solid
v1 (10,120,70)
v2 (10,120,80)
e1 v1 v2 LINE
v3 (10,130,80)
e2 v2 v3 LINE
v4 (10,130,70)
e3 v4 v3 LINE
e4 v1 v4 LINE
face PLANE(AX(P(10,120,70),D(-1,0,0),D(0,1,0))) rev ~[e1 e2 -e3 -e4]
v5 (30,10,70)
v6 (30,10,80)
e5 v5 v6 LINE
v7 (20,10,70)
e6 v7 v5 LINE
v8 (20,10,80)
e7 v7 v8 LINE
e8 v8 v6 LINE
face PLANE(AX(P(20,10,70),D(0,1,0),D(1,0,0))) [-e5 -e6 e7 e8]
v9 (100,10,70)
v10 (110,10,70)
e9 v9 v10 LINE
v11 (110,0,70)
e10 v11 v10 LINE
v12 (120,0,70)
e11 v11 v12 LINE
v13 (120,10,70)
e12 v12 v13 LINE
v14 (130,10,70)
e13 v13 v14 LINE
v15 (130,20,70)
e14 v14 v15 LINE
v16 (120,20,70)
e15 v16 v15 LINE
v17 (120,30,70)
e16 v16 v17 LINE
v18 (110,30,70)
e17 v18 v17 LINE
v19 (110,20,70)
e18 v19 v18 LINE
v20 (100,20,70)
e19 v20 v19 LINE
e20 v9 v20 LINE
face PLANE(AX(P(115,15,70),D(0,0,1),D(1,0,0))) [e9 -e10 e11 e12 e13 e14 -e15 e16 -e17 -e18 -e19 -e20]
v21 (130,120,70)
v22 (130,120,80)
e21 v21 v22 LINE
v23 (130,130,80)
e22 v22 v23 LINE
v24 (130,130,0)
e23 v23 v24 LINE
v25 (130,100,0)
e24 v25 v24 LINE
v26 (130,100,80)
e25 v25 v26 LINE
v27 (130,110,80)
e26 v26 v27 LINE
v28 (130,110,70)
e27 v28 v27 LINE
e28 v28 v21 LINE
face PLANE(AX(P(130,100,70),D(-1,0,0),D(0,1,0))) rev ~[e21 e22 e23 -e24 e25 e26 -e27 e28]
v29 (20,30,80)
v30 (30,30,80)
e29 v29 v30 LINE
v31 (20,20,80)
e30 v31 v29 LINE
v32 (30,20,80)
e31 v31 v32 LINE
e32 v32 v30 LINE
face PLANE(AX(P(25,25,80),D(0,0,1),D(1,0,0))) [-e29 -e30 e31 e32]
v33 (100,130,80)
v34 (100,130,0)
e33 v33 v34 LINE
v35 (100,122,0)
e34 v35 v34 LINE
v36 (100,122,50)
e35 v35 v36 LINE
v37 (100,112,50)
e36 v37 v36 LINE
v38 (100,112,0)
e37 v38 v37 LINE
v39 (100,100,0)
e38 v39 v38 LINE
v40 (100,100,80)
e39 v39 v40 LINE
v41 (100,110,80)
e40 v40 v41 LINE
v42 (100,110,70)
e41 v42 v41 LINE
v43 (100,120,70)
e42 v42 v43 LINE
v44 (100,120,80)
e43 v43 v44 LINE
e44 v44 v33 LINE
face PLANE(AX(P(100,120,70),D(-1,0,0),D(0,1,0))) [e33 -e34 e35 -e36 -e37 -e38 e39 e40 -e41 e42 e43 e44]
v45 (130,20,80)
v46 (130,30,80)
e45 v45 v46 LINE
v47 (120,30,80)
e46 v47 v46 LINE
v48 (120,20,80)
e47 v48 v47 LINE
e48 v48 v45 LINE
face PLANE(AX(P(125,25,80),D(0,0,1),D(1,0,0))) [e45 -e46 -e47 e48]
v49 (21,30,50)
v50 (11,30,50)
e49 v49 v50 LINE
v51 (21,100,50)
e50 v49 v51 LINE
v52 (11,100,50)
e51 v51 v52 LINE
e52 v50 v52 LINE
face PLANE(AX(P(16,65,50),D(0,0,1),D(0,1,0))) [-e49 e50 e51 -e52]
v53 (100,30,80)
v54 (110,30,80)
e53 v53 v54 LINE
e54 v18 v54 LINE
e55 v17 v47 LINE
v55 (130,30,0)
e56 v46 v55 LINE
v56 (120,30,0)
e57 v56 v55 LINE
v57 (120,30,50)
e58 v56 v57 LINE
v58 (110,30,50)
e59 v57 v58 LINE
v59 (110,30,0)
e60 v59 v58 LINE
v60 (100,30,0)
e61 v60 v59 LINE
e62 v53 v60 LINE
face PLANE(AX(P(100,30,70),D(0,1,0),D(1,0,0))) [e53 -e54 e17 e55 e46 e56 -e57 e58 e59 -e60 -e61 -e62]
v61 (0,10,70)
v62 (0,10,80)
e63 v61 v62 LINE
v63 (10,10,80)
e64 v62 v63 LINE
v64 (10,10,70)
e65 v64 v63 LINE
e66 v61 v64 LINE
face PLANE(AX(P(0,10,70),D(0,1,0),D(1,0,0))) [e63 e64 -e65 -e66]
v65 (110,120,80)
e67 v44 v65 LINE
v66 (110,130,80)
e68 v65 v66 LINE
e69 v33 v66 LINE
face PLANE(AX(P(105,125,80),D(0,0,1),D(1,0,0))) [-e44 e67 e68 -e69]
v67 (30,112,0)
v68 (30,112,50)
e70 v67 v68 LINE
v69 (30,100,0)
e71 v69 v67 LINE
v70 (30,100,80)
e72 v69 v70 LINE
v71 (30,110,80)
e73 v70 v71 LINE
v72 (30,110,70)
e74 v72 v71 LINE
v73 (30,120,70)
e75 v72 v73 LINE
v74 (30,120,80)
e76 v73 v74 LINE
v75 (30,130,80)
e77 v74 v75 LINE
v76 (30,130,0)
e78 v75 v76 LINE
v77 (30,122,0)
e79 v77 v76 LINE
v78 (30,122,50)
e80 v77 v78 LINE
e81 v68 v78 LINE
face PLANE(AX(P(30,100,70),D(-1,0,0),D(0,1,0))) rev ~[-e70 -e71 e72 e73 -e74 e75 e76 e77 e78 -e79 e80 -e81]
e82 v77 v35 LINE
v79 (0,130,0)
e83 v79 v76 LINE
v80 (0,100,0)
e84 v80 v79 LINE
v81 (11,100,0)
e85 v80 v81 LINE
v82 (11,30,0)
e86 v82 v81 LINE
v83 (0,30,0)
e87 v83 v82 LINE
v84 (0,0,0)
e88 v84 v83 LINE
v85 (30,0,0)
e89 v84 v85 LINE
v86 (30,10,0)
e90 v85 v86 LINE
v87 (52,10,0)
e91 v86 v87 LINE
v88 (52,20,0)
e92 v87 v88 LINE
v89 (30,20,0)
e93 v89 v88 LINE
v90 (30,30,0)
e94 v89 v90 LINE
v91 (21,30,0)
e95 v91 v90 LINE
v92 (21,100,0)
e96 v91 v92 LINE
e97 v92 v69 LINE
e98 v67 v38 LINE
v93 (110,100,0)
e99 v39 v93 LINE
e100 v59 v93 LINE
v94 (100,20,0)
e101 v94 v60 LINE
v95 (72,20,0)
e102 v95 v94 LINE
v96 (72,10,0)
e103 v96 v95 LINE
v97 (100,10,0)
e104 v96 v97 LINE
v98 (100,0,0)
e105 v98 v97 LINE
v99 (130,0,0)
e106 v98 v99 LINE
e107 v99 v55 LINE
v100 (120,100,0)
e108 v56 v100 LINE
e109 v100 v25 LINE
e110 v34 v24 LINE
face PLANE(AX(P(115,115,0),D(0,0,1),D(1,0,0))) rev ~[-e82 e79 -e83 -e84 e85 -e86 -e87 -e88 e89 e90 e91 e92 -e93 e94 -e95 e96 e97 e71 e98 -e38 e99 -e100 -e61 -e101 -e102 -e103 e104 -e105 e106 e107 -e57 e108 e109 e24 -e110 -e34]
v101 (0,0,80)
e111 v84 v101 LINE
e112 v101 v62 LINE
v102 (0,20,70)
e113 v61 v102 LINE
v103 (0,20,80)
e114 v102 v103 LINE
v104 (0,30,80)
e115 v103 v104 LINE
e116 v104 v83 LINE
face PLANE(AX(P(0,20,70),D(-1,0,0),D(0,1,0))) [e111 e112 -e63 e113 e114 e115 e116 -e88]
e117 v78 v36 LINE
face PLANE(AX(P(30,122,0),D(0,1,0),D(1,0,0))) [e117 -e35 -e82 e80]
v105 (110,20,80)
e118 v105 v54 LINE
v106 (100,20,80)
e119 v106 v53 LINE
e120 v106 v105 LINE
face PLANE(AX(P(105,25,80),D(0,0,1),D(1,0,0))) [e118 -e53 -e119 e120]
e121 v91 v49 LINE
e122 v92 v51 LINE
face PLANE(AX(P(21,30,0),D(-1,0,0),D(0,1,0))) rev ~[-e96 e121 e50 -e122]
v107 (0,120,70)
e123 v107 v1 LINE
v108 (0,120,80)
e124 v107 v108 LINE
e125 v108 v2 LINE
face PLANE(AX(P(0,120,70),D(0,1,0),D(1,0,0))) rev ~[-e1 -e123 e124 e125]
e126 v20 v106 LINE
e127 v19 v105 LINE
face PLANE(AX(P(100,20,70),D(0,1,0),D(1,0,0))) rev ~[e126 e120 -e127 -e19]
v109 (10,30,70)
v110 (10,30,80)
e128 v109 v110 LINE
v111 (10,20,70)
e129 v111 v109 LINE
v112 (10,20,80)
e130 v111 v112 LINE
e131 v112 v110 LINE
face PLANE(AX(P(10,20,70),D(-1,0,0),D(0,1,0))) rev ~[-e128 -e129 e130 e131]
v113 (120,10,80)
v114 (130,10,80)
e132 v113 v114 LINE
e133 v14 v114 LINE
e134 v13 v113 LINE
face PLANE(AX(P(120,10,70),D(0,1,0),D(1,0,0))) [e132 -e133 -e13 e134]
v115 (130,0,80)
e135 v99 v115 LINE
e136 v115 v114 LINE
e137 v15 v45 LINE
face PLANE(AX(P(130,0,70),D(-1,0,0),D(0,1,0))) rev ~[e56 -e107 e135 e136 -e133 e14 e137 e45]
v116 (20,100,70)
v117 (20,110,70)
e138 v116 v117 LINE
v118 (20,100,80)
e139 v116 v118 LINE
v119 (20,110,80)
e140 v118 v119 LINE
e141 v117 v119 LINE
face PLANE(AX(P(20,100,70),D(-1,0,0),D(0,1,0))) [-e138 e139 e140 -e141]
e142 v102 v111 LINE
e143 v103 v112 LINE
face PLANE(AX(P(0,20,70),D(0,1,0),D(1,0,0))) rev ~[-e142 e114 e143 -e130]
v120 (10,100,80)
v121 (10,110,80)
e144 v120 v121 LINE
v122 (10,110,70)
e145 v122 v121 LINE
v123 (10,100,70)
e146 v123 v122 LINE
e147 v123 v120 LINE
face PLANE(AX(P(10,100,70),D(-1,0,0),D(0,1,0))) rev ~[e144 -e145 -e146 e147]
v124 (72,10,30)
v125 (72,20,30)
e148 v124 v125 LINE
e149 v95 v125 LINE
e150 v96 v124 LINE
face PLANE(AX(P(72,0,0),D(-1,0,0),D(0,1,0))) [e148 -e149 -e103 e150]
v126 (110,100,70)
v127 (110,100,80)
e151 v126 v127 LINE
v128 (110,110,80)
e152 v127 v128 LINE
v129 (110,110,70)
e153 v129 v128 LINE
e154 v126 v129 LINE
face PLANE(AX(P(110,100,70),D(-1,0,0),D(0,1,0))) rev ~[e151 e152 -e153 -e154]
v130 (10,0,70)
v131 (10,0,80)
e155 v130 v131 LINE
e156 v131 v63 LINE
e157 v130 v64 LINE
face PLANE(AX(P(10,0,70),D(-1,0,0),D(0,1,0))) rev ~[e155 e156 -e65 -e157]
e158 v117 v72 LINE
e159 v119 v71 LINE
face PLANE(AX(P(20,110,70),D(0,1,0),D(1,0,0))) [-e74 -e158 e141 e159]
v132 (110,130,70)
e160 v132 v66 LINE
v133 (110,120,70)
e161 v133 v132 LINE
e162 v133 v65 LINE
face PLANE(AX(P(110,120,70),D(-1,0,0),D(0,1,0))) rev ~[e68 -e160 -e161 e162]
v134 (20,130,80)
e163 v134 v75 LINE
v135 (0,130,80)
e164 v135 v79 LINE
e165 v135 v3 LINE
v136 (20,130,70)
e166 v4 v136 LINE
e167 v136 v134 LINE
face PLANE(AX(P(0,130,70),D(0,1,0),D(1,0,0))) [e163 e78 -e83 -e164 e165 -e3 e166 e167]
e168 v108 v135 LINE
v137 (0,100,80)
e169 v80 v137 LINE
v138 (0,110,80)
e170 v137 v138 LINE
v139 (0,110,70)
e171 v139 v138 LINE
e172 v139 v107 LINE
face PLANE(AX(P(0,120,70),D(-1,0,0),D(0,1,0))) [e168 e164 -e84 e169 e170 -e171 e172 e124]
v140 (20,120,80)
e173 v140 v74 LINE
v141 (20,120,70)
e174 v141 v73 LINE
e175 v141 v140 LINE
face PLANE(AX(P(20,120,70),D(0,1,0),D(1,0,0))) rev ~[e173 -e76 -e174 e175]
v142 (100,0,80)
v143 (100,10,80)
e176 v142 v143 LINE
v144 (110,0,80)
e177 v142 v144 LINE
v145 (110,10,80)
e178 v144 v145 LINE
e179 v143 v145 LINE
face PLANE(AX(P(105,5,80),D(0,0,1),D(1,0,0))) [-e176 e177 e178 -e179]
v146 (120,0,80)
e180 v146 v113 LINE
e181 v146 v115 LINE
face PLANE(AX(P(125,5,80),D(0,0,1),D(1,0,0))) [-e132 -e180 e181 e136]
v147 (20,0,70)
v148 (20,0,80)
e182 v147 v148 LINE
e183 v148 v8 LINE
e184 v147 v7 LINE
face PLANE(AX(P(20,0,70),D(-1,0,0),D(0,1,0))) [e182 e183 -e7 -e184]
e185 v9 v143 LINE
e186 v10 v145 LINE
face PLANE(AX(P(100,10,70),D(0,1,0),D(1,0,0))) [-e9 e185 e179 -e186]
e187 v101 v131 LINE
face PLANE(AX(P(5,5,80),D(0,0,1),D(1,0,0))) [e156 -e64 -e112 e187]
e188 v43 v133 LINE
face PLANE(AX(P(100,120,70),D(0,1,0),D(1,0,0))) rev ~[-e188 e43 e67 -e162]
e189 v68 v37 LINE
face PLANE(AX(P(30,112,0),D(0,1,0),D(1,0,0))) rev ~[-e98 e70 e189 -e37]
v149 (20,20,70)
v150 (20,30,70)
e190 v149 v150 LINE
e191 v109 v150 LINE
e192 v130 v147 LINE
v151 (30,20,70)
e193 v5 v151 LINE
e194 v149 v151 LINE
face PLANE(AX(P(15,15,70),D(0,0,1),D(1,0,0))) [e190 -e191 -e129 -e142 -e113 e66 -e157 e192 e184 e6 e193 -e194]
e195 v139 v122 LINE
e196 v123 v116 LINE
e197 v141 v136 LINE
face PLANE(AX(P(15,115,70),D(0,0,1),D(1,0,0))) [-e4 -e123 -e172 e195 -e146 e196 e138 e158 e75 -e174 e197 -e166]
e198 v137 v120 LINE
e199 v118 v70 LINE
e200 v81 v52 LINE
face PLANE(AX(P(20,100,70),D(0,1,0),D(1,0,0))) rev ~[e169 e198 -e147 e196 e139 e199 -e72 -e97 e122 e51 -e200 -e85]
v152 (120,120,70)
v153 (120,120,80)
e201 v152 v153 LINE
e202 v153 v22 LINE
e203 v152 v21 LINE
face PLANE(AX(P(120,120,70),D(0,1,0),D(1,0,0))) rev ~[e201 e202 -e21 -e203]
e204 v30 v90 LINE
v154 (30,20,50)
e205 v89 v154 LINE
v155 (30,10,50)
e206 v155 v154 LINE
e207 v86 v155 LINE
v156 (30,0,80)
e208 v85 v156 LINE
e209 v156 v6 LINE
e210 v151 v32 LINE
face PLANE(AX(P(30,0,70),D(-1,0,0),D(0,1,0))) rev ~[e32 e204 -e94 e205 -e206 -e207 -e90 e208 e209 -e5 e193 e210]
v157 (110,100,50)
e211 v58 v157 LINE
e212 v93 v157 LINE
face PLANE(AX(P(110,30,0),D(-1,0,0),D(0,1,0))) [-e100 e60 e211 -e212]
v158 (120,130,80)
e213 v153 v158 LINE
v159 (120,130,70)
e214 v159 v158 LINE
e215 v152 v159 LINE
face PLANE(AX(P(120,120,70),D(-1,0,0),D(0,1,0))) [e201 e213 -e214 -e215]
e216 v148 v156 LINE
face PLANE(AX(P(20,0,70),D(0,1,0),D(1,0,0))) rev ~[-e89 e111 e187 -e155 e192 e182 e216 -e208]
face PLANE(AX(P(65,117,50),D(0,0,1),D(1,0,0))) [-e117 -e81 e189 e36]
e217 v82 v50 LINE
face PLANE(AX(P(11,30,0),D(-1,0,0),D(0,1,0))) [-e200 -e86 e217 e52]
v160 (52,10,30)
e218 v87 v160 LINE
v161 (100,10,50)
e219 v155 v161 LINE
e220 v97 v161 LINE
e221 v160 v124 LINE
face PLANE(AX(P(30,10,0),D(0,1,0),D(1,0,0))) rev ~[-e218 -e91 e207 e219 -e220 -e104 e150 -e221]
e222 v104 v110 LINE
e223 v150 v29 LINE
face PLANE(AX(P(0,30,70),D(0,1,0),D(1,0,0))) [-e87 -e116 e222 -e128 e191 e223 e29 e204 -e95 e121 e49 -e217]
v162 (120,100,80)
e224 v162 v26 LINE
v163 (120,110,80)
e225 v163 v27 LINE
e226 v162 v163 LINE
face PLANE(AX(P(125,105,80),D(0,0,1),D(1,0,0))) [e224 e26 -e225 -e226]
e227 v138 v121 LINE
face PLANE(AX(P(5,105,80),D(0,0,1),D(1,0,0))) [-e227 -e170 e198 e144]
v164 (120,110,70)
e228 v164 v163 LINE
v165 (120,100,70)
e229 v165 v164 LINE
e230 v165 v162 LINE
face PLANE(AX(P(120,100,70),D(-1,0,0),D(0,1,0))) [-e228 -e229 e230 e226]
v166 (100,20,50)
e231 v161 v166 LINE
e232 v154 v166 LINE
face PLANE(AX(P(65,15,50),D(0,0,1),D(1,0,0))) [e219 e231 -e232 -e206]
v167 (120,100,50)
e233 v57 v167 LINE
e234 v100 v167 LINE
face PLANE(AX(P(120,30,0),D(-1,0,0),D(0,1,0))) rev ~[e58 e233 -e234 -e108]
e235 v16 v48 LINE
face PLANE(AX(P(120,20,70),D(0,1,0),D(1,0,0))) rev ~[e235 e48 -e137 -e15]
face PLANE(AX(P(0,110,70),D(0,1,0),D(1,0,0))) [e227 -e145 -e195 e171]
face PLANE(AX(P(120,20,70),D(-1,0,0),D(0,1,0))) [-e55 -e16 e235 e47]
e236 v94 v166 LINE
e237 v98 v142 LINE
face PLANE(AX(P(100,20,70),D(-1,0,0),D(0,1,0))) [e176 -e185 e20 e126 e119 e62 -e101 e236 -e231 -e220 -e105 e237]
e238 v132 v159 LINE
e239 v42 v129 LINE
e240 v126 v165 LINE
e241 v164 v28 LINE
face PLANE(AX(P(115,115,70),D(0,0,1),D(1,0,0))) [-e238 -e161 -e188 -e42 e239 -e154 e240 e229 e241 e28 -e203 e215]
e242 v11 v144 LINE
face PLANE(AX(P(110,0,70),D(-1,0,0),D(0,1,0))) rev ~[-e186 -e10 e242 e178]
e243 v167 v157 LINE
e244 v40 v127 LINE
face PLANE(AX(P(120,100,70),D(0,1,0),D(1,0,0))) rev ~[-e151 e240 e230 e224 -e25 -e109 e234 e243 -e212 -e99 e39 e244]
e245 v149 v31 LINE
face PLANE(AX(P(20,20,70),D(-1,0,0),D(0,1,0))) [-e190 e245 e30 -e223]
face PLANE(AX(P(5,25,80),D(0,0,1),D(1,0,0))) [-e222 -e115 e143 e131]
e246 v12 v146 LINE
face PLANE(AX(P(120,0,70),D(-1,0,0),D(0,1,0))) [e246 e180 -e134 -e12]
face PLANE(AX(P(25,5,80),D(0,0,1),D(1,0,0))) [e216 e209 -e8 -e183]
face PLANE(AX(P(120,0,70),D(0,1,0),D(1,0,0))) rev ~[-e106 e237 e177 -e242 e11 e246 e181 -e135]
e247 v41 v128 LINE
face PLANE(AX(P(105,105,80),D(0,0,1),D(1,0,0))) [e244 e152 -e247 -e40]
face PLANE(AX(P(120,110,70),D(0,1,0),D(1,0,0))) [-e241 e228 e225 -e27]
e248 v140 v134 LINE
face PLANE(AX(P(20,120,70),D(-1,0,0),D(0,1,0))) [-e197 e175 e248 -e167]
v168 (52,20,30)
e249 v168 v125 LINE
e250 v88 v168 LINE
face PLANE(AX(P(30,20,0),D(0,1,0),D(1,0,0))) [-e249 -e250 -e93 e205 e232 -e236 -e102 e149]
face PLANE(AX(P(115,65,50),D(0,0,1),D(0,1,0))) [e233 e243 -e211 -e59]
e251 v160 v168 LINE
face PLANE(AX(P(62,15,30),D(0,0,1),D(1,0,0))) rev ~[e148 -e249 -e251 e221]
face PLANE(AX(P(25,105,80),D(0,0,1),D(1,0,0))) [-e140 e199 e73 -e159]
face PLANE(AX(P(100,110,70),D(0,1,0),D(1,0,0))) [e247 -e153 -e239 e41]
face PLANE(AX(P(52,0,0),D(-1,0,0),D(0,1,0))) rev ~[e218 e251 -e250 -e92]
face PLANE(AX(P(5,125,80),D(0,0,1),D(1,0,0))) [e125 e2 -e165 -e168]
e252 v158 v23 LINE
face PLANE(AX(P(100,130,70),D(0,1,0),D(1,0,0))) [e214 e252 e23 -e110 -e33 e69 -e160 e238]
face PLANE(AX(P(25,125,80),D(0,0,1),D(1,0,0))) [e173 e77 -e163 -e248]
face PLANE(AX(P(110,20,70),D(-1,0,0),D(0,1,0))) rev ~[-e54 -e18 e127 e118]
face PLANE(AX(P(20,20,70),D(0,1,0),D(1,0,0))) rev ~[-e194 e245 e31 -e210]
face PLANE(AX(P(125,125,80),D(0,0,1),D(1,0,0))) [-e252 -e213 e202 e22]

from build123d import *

# Parameters (mm, degrees)
BOX009_W               = 20
BOX009_H               = 30
BOX009_DEPTH           = 30
BOX008_W               = 70
BOX008_H               = 10
BOX008_DEPTH           = 50
BOX008_PLACEMENT_ANGLE = 90
BOX005_W               = 70
BOX005_H               = 10
BOX005_DEPTH           = 50
BOX001_W               = 10
BOX001_H               = 10
BOX001_DEPTH           = 10
BOX004_W               = 10
BOX004_H               = 10
BOX004_DEPTH           = 10
BOX003_W               = 10
BOX003_H               = 10
BOX003_DEPTH           = 10
BOX002_W               = 10
BOX002_H               = 10
BOX002_DEPTH           = 10
BOX_W                  = 30
BOX_H                  = 30
BOX_DEPTH              = 70
BOX007_W               = 70
BOX007_H               = 10
BOX007_DEPTH           = 50
BOX007_PLACEMENT_ANGLE = 90
BOX006_W               = 70
BOX006_H               = 10
BOX006_DEPTH           = 50


with BuildPart() as main_door:
    # Box009 → Box009 (new body)
    with BuildSketch(Plane(origin=(52, 0, 0), x_dir=(1, 0, 0), z_dir=(0, 0, 1))):
        with Locations((10, 15)):
            Rectangle(BOX009_W, BOX009_H)
    extrude(amount=BOX009_DEPTH)


with BuildPart() as right_wall:
    # Box008 → Box008 (new body)
    with BuildSketch(Plane.XY):
        with Locations((35, 5)):
            Rectangle(BOX008_W, BOX008_H)
    extrude(amount=BOX008_DEPTH)


with BuildPart() as right_wall_1:
    # Box008 placement: moved
    add(right_wall.part.moved(Location((120, 30, 0))).rotate(Axis((120, 30, 0), (0, 0, 1)), BOX008_PLACEMENT_ANGLE))


with BuildPart() as front_wall:
    # Box005 → Box005 (new body)
    with BuildSketch(Plane(origin=(30, 10, 0), x_dir=(1, 0, 0), z_dir=(0, 0, 1))):
        with Locations((35, 5)):
            Rectangle(BOX005_W, BOX005_H)
    extrude(amount=BOX005_DEPTH)


with BuildPart() as cube001:
    # Box001 → Box001 (new body)
    with BuildSketch(Plane.XY.offset(70)):
        with Locations((5, 5)):
            Rectangle(BOX001_W, BOX001_H)
    extrude(amount=BOX001_DEPTH)


with BuildPart() as cube004:
    # Box004 → Box004 (new body)
    with BuildSketch(Plane(origin=(20, 20, 70), x_dir=(1, 0, 0), z_dir=(0, 0, 1))):
        with Locations((5, 5)):
            Rectangle(BOX004_W, BOX004_H)
    extrude(amount=BOX004_DEPTH)


with BuildPart() as cube003:
    # Box003 → Box003 (new body)
    with BuildSketch(Plane(origin=(0, 20, 70), x_dir=(1, 0, 0), z_dir=(0, 0, 1))):
        with Locations((5, 5)):
            Rectangle(BOX003_W, BOX003_H)
    extrude(amount=BOX003_DEPTH)


with BuildPart() as cube002:
    # Box002 → Box002 (new body)
    with BuildSketch(Plane(origin=(20, 0, 70), x_dir=(1, 0, 0), z_dir=(0, 0, 1))):
        with Locations((5, 5)):
            Rectangle(BOX002_W, BOX002_H)
    extrude(amount=BOX002_DEPTH)


with BuildPart() as cube:
    # Box → Box (new body)
    with BuildSketch(Plane.XY):
        with Locations((15, 15)):
            Rectangle(BOX_W, BOX_H)
    extrude(amount=BOX_DEPTH)


with BuildPart() as fusion002:
    # Fusion002 base: copy of Cube
    add(cube.part)

    # Fusion002: union Cube001, Cube004, Cube003, Cube002
    add(cube001.part)
    add(cube004.part)
    add(cube003.part)
    add(cube002.part)


with BuildPart() as fusion002_1:
    # Fusion002 placement: moved
    add(fusion002.part.moved(Location((0, 100, 0))))


with BuildPart() as left_wall:
    # Box007 → Box007 (new body)
    with BuildSketch(Plane.XY):
        with Locations((35, 5)):
            Rectangle(BOX007_W, BOX007_H)
    extrude(amount=BOX007_DEPTH)


with BuildPart() as left_wall_1:
    # Box007 placement: moved
    add(left_wall.part.moved(Location((21, 30, 0))).rotate(Axis((21, 30, 0), (0, 0, 1)), BOX007_PLACEMENT_ANGLE))


with BuildPart() as fusion001:
    # Fusion001 base: copy of Cube
    add(cube.part)

    # Fusion001: union Cube001, Cube004, Cube003, Cube002
    add(cube001.part)
    add(cube004.part)
    add(cube003.part)
    add(cube002.part)


with BuildPart() as fusion001_1:
    # Fusion001 placement: moved
    add(fusion001.part.moved(Location((100, 0, 0))))


with BuildPart() as back_wall:
    # Box006 → Box006 (new body)
    with BuildSketch(Plane(origin=(30, 112, 0), x_dir=(1, 0, 0), z_dir=(0, 0, 1))):
        with Locations((35, 5)):
            Rectangle(BOX006_W, BOX006_H)
    extrude(amount=BOX006_DEPTH)


with BuildPart() as fusion003:
    # Fusion003 base: copy of Cube
    add(cube.part)

    # Fusion003: union Cube001, Cube004, Cube003, Cube002
    add(cube001.part)
    add(cube004.part)
    add(cube003.part)
    add(cube002.part)


with BuildPart() as fusion003_1:
    # Fusion003 placement: moved
    add(fusion003.part.moved(Location((100, 100, 0))))


with BuildPart() as castle:
    # Fusion base: copy of Cube
    add(cube.part)

    # Fusion: union Cube001, Cube004, Cube003, Cube002
    add(cube001.part)
    add(cube004.part)
    add(cube003.part)
    add(cube002.part)

    # Fusion004: union right-wall, front-wall, Fusion002, left-wall, Fusion001, back-wall, Fusion003
    add(right_wall_1.part)
    add(front_wall.part)
    add(fusion002_1.part)
    add(left_wall_1.part)
    add(fusion001_1.part)
    add(back_wall.part)
    add(fusion003_1.part)

    # Cut: cut main_door
    add(main_door.part, mode=Mode.SUBTRACT)


solid = castle.part
